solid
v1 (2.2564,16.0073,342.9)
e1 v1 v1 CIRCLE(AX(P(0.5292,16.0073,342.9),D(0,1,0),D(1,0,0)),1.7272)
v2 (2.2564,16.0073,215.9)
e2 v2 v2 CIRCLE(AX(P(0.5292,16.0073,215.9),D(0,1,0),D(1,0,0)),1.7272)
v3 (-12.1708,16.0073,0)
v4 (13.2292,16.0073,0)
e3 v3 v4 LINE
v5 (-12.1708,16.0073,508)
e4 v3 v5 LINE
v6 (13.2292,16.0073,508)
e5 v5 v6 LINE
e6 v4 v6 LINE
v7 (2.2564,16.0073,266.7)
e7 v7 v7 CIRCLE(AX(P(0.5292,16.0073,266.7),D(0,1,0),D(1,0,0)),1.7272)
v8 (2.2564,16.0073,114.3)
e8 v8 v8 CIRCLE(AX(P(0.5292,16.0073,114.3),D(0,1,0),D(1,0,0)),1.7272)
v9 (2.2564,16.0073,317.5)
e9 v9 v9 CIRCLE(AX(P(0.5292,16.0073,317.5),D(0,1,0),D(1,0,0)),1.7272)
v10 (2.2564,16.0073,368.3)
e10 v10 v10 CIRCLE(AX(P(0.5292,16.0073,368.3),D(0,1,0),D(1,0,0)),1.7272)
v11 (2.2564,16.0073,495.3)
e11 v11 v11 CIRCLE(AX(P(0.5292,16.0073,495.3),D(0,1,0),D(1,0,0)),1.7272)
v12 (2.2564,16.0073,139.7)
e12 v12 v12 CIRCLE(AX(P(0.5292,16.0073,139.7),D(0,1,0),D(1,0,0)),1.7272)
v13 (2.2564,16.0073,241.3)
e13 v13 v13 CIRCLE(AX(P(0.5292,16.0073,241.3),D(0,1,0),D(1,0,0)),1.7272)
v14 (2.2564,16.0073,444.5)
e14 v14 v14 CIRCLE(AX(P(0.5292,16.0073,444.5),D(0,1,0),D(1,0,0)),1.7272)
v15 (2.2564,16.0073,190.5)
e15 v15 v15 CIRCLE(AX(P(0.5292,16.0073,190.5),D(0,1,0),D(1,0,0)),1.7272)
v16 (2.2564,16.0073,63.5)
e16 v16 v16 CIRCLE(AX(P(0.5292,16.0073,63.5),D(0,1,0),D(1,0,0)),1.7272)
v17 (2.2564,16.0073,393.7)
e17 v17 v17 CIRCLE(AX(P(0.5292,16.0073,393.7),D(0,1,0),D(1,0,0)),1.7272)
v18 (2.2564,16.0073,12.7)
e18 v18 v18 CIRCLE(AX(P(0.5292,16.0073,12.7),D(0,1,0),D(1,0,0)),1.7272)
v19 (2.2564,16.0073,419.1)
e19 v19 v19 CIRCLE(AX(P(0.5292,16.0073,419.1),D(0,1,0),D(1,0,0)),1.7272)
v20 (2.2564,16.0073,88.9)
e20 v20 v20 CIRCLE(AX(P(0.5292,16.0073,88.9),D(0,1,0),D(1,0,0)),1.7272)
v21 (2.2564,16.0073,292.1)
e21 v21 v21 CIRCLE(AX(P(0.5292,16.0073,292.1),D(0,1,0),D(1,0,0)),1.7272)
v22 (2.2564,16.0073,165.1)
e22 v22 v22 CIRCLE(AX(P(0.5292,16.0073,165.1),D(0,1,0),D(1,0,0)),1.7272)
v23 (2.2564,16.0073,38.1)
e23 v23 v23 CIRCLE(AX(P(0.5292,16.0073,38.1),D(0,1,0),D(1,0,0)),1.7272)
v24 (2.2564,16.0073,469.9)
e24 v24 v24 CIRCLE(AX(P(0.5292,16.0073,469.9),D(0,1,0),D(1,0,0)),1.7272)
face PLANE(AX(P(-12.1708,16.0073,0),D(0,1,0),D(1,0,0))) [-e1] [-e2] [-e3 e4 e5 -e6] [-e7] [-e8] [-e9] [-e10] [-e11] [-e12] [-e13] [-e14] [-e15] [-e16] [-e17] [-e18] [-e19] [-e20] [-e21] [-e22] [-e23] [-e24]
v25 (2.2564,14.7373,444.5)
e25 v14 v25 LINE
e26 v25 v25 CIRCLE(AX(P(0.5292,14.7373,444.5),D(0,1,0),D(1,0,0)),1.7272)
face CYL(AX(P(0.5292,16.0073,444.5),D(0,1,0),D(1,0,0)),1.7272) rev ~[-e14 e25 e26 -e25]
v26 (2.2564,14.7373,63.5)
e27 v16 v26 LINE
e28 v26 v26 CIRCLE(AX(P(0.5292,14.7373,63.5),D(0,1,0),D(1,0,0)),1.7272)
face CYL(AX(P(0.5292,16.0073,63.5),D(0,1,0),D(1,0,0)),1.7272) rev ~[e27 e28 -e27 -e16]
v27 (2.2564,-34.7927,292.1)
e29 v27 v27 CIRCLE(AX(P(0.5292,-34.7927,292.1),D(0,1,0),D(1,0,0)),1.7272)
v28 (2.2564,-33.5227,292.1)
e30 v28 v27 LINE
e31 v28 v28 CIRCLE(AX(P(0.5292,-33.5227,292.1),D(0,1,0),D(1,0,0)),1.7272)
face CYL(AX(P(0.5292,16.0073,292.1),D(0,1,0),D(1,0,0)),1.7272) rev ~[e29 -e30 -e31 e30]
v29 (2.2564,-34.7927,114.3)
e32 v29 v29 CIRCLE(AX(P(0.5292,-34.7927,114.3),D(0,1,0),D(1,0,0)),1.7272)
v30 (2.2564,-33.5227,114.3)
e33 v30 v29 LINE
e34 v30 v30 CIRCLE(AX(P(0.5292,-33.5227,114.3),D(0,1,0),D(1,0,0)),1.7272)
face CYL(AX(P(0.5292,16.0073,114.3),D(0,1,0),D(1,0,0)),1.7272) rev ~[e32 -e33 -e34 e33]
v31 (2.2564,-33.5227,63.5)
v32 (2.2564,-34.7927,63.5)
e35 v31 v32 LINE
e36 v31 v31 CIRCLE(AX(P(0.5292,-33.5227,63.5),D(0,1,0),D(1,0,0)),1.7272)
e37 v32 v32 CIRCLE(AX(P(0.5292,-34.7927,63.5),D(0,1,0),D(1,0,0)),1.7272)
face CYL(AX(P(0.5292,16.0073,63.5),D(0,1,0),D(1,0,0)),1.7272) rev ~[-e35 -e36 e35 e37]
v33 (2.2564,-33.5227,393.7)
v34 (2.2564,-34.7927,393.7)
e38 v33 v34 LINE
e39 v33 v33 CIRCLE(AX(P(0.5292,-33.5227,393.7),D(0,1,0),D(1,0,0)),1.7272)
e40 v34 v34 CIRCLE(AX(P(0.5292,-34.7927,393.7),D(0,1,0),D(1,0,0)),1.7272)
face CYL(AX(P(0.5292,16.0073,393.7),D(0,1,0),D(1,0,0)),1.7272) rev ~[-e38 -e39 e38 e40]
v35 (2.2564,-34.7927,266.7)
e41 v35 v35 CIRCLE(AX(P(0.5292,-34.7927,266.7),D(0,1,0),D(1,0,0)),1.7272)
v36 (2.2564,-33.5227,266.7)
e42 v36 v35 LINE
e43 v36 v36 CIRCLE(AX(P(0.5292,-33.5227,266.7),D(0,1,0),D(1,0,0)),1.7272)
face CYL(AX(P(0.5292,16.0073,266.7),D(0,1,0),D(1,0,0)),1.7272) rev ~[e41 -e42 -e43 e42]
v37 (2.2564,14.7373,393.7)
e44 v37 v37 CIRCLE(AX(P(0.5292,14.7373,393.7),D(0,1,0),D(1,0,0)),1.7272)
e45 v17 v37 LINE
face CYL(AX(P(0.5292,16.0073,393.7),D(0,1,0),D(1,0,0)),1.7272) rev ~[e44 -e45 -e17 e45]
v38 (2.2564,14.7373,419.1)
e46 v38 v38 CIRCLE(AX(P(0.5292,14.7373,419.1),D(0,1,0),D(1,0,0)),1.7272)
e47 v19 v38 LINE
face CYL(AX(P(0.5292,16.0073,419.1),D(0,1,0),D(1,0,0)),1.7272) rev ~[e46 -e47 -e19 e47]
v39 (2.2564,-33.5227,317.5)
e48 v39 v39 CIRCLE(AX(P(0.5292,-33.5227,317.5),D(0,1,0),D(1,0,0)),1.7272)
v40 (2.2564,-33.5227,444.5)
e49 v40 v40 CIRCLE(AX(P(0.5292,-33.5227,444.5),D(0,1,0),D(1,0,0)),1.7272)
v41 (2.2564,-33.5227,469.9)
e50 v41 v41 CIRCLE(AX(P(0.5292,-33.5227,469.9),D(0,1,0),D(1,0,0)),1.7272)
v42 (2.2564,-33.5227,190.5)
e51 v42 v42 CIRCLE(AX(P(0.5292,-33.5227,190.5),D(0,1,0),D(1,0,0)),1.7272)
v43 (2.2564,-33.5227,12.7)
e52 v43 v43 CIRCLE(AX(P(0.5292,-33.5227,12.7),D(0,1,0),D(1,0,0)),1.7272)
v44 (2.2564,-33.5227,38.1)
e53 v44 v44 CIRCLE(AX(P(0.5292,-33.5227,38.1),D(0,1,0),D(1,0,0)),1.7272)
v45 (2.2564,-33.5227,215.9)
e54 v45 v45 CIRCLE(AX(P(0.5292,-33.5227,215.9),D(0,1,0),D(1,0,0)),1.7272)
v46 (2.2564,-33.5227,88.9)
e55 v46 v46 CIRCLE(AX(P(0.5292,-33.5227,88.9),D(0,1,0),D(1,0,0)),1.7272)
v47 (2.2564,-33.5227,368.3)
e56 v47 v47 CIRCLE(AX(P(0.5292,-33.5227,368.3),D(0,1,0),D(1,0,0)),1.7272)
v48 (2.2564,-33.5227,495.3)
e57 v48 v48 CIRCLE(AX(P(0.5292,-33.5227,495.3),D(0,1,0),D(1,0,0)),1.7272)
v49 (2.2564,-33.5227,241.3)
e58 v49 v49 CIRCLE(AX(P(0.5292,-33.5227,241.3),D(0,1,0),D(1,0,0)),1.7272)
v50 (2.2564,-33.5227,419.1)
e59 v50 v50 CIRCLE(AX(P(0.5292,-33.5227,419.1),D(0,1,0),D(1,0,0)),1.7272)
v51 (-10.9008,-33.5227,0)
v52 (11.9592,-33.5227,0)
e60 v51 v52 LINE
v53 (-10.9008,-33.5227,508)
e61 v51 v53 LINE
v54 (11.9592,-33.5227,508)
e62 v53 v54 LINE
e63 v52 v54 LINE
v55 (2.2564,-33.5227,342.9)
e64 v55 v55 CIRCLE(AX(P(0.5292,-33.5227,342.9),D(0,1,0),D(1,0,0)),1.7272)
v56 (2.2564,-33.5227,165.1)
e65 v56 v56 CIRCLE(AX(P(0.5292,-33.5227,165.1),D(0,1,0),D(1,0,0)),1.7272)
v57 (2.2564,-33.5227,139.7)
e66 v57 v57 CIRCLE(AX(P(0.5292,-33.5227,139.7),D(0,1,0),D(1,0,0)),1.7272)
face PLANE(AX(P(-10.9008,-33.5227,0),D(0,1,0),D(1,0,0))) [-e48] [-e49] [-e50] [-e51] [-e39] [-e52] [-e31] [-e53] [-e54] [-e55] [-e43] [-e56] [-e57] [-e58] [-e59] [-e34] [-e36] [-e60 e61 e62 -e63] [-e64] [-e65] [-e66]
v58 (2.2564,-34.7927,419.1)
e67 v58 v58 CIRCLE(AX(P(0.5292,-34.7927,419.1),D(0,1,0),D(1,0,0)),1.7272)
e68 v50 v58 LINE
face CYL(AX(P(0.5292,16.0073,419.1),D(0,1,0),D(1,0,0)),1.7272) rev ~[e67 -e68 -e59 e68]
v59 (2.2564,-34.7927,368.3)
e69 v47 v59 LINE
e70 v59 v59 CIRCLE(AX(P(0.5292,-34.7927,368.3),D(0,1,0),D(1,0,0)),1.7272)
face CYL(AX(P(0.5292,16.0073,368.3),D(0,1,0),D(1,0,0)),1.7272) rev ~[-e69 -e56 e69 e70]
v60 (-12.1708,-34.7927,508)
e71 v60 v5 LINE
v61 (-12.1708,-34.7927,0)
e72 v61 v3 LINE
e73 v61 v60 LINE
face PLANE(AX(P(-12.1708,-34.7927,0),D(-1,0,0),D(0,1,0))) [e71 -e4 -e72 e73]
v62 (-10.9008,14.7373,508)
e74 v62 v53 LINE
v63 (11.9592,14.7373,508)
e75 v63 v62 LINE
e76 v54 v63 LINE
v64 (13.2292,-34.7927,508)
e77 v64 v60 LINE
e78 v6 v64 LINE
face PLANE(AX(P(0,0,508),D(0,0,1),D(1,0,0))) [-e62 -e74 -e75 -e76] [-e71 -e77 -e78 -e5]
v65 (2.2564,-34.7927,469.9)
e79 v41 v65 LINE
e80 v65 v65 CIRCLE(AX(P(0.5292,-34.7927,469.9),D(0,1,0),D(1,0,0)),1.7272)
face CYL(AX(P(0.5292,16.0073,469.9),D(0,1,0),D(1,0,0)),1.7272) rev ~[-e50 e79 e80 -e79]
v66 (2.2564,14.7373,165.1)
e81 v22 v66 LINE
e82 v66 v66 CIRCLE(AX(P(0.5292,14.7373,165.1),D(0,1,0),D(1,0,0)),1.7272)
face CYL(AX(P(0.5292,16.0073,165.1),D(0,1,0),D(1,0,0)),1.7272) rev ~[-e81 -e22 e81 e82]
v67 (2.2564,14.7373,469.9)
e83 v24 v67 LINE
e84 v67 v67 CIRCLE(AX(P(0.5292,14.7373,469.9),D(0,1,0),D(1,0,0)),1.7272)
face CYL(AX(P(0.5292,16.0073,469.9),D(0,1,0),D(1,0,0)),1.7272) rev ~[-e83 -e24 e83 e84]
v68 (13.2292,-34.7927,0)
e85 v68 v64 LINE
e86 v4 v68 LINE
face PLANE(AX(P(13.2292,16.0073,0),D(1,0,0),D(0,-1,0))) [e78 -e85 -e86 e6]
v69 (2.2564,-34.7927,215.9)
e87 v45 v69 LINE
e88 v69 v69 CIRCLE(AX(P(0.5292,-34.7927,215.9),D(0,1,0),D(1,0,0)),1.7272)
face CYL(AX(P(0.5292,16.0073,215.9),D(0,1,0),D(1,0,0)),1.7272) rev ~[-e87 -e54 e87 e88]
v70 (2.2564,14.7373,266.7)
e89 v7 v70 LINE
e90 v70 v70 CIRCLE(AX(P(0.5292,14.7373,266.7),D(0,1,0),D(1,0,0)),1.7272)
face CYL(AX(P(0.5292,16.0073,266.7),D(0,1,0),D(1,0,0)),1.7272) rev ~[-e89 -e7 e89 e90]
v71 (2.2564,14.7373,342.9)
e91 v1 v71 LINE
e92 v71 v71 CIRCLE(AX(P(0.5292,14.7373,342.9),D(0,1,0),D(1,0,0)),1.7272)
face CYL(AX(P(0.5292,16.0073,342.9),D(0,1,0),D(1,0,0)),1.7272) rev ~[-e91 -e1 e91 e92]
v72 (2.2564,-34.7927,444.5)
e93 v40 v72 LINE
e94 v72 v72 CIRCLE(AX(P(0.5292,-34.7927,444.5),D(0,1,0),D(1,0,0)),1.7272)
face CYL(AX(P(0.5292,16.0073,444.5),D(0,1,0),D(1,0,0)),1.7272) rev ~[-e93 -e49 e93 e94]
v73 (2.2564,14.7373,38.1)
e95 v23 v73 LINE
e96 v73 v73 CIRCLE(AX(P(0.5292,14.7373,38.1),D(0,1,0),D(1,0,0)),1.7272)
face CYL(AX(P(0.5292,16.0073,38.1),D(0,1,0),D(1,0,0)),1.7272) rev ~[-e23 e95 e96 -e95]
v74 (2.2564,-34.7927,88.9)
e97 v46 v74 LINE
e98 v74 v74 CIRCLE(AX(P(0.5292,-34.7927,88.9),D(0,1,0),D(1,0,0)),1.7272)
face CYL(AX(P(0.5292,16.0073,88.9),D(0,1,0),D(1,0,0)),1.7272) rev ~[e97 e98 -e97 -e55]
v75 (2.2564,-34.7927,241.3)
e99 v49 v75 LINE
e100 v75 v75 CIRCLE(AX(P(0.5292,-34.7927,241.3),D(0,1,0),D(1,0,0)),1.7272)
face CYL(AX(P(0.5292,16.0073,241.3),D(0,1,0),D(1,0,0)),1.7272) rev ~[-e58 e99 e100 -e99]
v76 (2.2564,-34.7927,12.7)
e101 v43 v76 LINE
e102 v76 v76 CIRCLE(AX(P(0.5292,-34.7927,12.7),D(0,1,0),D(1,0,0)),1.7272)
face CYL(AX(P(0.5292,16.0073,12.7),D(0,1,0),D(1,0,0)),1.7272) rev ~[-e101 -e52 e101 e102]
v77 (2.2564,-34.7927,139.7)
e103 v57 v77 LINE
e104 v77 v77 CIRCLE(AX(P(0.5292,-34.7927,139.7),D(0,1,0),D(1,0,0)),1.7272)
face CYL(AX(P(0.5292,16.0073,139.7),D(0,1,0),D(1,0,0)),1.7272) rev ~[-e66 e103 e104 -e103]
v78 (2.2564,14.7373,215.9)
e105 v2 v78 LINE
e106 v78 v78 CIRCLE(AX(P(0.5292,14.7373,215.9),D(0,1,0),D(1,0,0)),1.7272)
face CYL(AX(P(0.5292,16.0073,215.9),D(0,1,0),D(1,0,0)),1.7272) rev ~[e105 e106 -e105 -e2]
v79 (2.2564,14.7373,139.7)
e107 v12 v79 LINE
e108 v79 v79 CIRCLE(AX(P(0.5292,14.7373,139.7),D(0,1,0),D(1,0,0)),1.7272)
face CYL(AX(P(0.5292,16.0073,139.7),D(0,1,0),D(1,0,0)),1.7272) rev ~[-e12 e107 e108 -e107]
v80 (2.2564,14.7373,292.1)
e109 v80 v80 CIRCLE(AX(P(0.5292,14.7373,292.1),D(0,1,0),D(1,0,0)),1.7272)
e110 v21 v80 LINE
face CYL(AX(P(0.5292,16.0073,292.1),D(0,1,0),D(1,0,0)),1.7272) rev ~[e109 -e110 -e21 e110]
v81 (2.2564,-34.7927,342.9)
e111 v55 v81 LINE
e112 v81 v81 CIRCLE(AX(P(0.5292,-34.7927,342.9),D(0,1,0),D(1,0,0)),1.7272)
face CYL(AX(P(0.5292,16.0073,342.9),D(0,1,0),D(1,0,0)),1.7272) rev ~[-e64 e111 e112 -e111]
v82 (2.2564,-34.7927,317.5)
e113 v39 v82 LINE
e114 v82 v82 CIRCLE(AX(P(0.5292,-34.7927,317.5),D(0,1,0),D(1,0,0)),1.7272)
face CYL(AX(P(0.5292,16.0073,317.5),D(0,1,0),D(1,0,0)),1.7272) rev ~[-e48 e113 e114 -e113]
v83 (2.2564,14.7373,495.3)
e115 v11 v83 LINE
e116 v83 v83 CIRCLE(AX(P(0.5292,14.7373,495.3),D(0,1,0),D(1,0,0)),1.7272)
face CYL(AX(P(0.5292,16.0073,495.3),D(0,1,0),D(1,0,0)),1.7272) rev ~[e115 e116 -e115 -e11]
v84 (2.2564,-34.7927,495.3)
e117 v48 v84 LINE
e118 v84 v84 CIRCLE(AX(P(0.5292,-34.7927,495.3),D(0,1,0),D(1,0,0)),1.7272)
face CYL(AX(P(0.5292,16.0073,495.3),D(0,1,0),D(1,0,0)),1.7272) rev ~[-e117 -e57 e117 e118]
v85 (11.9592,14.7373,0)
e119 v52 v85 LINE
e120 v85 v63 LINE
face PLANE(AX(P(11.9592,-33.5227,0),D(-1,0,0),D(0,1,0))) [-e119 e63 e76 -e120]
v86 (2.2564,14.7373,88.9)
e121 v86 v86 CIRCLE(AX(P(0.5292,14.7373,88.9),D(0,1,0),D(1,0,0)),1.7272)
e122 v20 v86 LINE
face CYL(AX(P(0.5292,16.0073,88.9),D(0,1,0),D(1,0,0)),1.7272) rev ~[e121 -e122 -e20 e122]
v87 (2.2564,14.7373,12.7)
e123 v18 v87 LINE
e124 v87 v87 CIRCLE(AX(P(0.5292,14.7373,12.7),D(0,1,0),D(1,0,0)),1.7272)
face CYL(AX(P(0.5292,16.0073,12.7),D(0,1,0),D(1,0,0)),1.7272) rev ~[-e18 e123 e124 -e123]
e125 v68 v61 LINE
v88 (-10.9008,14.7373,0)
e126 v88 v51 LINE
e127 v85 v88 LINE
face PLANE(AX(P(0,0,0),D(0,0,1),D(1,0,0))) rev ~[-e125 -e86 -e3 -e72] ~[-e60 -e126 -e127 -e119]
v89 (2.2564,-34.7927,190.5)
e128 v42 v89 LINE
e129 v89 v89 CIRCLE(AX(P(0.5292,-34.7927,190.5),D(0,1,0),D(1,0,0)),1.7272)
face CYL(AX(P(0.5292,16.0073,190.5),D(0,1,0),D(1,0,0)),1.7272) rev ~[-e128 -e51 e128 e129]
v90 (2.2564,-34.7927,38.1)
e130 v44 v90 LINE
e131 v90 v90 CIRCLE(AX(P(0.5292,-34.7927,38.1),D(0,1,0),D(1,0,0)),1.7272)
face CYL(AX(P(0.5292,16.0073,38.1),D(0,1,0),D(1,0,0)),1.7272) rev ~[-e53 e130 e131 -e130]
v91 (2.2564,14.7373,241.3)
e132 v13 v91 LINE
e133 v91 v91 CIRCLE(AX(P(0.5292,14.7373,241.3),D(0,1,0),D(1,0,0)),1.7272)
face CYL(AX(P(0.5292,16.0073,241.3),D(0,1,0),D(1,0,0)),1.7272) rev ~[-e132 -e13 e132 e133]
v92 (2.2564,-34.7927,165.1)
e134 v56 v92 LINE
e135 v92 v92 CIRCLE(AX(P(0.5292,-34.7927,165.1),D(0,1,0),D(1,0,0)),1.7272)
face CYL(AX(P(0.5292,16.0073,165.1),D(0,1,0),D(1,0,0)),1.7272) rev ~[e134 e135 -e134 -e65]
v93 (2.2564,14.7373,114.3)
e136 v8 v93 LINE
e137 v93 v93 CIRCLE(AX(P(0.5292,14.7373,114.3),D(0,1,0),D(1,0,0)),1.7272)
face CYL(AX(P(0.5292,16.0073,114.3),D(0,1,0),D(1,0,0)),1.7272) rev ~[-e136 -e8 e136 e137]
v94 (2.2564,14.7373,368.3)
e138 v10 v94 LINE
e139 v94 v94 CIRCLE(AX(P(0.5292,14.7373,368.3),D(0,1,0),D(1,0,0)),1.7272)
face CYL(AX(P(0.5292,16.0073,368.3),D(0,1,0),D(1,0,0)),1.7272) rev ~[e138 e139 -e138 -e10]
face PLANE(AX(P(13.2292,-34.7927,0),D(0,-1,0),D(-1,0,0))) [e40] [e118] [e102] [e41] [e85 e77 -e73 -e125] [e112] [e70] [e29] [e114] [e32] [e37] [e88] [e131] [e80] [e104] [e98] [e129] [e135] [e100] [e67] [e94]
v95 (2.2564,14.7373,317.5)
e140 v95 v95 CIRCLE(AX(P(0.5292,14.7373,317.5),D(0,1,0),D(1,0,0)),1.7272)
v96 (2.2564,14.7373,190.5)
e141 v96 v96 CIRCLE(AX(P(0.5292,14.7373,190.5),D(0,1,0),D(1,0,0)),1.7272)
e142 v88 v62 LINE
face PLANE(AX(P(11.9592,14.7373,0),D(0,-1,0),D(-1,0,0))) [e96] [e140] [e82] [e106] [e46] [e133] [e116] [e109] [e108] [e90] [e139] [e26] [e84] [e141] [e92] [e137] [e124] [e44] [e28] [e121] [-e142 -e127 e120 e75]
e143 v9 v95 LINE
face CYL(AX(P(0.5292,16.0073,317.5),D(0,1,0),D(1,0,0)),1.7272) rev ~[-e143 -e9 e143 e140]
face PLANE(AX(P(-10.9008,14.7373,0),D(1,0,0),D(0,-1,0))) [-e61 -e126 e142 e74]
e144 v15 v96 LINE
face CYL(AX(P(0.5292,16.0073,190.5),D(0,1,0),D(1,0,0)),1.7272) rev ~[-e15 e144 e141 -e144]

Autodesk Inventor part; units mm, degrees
ref_plane "YZ Plane" through (0, 0, 0) normal (1, 0, 0) x (0, 1, 0)
ref_plane "XZ Plane" through (0, 0, 0) normal (0, 1, 0) x (-1, 0, 0)
ref_plane "XY Plane" through (0, 0, 0) normal (0, 0, 1) x (1, 0, 0)
sketch "Sketch1" plane through (0, 0, 0) normal (0, 0, 1) x (1, 0, 0)
  line L0 (-12.1708, 16.0073) -> (13.2292, 16.0073)
  line L1 (13.2292, 16.0073) -> (13.2292, -34.7927)
  line L2 (13.2292, -34.7927) -> (-12.1708, -34.7927)
  line L3 (-12.1708, -34.7927) -> (-12.1708, 16.0073)
  line L4 (11.9592, 14.7373) -> (-10.9008, 14.7373)
  line L5 (-10.9008, 14.7373) -> (-10.9008, -33.5227)
  line L6 (-10.9008, -33.5227) -> (11.9592, -33.5227)
  line L7 (11.9592, -33.5227) -> (11.9592, 14.7373)
  point P0 (0, 0)
  dimension "d0" = 25.4
  dimension "d1" = 50.8
  dimension "d2" = 1.27
extrude "Extrusion1" add sketch "Sketch1" along normal blind 508
sketch "Sketch2" plane through (-12.1708, 16.0073, 0) normal (0, 1, 0) x (1, 0, 0)
  circle A0 centre (12.7, -12.7) radius 1.7272
  line L0 (25.4, 0) -> (0, 0) projected
  line L1 (0, 0) -> (0, -508) projected
  point P0 (12.1708, 0)
  dimension "d5" = 3.4544
  dimension "d6" = 12.7
  dimension "d7" = 12.7
extrude "Extrusion2" cut sketch "Sketch2" against normal through all
pattern_linear "Rectangular Pattern1" count 20 spacing 25.4 along (0, 0, 1) of "Extrusion2"
equation "\"d3\" = d13"
equation "\"d13\" = 508"
properties part number "VerseFrame 20in"
